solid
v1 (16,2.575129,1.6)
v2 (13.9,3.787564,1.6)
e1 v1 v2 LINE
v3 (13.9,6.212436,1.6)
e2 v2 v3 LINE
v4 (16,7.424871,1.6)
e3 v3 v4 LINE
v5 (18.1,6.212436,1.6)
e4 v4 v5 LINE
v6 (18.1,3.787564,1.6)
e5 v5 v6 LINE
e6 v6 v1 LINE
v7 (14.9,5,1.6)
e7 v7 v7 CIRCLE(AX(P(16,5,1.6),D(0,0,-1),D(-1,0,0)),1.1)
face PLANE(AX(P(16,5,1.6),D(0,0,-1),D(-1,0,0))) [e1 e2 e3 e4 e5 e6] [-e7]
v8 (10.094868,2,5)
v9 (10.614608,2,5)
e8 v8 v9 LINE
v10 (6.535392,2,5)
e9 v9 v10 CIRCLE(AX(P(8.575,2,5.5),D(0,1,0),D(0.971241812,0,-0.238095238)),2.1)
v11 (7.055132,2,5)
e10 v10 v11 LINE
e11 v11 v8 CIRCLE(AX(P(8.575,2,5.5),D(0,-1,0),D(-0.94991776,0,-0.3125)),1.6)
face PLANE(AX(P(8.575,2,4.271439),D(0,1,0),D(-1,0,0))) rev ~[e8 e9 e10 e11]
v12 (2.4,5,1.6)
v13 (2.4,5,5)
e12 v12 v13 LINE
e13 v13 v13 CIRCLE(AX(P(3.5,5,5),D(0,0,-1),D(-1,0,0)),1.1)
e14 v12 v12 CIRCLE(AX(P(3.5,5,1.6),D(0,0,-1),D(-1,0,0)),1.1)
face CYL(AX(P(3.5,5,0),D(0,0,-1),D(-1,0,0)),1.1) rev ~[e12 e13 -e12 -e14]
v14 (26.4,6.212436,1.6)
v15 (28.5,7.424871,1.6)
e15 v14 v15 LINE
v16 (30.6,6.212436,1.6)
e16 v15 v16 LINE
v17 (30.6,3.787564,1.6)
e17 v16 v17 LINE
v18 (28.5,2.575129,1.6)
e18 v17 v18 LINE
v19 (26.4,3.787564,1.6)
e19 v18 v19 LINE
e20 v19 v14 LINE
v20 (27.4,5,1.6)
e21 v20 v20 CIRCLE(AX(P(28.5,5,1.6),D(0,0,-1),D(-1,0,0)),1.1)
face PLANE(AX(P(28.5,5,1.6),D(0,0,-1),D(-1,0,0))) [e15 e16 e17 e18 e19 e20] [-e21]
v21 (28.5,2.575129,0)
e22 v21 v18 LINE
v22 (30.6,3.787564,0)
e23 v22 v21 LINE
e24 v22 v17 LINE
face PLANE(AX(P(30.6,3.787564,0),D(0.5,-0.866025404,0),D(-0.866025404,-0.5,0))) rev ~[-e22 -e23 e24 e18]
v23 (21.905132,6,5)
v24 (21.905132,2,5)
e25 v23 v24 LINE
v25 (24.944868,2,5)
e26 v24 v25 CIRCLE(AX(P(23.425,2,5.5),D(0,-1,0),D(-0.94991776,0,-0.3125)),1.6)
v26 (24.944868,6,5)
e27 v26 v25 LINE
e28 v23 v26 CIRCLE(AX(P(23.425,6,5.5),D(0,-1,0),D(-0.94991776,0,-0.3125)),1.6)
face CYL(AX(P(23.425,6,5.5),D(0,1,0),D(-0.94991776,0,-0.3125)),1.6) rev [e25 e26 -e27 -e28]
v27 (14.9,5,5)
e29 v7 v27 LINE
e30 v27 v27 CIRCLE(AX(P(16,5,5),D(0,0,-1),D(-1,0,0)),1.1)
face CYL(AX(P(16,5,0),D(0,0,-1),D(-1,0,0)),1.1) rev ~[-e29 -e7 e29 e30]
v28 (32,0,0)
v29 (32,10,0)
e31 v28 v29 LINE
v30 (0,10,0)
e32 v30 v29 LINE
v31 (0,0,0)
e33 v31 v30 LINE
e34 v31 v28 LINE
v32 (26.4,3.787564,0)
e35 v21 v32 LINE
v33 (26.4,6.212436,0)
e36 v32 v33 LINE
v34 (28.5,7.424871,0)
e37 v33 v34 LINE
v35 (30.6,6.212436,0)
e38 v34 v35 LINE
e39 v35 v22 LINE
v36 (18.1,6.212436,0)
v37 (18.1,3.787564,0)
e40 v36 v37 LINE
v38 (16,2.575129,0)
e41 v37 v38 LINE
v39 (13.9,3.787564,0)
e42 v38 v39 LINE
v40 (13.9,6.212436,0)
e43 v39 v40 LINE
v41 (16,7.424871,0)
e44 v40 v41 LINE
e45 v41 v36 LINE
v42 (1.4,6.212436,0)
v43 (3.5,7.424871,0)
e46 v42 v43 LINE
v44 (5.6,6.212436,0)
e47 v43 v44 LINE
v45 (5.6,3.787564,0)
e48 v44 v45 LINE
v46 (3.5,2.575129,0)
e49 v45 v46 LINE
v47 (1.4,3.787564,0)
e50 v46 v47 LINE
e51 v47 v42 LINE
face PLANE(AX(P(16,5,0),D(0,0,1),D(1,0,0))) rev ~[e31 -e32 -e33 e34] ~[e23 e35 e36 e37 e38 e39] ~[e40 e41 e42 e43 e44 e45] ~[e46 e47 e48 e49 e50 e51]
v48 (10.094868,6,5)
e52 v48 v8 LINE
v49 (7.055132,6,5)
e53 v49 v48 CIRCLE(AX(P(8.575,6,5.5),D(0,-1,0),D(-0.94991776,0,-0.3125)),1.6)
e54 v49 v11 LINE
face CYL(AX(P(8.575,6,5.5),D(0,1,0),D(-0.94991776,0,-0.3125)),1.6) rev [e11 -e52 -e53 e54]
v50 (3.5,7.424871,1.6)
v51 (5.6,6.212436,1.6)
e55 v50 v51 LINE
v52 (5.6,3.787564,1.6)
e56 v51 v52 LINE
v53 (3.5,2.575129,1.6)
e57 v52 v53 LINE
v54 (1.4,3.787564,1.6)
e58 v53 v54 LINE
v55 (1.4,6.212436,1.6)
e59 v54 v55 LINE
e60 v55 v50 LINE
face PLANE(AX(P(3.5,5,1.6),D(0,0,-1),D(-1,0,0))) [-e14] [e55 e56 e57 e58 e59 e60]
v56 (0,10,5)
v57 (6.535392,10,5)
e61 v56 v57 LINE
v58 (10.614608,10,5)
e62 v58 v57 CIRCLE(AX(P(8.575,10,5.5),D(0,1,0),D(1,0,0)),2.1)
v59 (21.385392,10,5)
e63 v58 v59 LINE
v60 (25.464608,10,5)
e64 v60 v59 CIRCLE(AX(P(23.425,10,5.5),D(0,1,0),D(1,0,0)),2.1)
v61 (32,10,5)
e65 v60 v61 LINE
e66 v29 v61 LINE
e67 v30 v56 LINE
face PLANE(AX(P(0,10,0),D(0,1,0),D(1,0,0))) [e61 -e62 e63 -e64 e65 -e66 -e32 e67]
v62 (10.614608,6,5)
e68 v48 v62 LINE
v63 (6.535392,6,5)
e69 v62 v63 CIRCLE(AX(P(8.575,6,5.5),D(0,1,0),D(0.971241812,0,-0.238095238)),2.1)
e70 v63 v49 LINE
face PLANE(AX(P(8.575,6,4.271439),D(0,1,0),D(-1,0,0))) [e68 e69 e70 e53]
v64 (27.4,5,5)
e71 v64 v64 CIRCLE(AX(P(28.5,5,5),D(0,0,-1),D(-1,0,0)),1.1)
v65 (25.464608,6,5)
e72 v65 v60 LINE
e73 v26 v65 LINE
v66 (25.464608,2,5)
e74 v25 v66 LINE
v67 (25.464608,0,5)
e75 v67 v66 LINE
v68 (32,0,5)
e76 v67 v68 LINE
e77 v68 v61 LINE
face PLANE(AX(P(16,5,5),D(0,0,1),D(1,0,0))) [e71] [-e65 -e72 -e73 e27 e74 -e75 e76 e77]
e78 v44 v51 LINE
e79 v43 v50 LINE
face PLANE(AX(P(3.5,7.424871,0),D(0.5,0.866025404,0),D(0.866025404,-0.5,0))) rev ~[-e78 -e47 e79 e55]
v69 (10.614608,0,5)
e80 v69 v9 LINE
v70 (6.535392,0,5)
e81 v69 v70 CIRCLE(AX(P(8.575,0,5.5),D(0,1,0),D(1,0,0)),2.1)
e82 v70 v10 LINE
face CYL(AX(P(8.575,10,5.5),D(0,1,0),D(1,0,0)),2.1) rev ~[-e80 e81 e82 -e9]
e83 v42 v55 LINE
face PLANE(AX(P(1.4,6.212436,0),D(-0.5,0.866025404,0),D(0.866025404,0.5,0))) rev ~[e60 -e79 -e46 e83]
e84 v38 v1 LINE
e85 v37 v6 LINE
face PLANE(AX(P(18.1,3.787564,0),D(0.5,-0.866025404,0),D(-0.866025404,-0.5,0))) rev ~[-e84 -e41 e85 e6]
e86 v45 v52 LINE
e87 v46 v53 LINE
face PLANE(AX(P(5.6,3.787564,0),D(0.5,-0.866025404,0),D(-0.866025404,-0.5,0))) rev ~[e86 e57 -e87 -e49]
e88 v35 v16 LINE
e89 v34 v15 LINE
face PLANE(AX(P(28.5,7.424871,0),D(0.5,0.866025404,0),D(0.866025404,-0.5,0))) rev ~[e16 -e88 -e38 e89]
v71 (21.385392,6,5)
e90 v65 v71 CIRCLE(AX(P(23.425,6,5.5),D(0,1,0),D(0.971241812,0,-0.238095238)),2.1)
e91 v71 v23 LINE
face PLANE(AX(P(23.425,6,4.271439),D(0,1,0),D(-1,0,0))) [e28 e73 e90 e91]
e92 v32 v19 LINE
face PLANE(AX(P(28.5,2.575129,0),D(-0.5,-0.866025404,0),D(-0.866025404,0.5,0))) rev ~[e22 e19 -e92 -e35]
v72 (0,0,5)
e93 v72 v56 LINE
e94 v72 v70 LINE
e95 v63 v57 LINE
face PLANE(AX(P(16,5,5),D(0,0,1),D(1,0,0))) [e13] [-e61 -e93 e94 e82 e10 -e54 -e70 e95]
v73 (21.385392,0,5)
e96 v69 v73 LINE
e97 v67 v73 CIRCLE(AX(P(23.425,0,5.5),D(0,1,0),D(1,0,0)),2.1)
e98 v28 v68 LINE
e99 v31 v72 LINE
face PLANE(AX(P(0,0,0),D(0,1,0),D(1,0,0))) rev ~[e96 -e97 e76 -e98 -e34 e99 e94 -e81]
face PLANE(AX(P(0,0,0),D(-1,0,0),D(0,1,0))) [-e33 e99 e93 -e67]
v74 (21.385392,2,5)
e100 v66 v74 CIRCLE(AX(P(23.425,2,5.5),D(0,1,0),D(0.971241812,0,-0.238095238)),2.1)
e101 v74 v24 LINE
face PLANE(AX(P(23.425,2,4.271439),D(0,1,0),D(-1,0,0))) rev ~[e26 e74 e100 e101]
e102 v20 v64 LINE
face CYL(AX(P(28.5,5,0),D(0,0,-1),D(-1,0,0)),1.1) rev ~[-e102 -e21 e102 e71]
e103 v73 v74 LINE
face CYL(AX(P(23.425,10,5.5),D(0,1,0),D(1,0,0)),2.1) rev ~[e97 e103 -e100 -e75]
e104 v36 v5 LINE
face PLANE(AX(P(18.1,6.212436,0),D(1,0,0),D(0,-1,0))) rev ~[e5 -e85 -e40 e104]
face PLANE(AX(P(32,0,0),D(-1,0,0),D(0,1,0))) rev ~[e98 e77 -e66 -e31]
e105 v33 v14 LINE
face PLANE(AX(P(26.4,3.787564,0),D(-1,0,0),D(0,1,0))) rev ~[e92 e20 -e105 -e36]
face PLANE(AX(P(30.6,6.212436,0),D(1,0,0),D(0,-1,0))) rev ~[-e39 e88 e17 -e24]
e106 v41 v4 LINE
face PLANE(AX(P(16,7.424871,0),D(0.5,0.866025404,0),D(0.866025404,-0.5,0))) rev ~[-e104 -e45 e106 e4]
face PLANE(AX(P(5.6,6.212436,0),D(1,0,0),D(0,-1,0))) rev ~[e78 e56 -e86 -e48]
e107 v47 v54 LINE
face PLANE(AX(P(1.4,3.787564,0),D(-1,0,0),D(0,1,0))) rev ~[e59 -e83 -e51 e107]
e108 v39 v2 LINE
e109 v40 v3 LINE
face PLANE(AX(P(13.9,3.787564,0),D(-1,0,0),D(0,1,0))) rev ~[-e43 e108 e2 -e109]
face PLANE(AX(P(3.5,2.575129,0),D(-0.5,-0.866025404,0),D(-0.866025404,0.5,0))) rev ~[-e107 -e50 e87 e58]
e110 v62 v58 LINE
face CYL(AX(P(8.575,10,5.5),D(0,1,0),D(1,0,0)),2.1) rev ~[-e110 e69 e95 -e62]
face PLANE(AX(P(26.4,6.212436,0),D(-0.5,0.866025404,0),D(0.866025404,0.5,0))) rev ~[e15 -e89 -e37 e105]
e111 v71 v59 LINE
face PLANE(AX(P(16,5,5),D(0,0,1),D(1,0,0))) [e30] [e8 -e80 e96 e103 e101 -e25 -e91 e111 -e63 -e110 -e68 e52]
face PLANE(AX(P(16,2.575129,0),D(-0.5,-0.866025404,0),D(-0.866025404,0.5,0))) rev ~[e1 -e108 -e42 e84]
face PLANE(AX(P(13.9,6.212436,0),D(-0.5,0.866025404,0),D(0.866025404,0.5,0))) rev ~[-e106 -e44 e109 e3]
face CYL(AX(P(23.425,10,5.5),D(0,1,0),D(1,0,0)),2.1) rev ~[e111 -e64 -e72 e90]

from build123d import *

# Parameters (mm, degrees)
SKETCH_1_W          = 32
SKETCH_1_H          = 10
EXTRUDE_1_DEPTH     = 5
SKETCH_2_R          = 2.1
CUT_EXTRUDE_1_DEPTH = 11
EXTRUDE_2_DEPTH     = 4
SKETCH_5_R          = 1.1
CUT_EXTRUDE_2_DEPTH = 6
CUT_EXTRUDE_3_DEPTH = 1.6


with BuildPart() as part:
    # Эскиз1 → Бобышка-Вытянуть1 (new body)
    with BuildSketch(Plane.XY):
        with Locations((16, 5)):
            Rectangle(SKETCH_1_W, SKETCH_1_H)
    extrude(amount=EXTRUDE_1_DEPTH)

    # Эскиз2 → Вырез-Вытянуть1 (cut, through all)
    with BuildSketch(Plane(origin=(0, 10, 0), x_dir=(1, 0, 0), z_dir=(0, 1, 0))):
        with Locations((8.575, -5.5)):
            Circle(SKETCH_2_R)
        with Locations((23.425, -5.5)):
            Circle(SKETCH_2_R)
    extrude(amount=-CUT_EXTRUDE_1_DEPTH, mode=Mode.SUBTRACT)

    # Эскиз4 → Бобышка-Вытянуть2 (add)
    with BuildSketch(Plane.XZ.offset(-6)):
        with BuildLine():
            Line((6.535392195, 5), (7.055131585, 5))
            ThreePointArc((7.055131585, 5), (8.575, 3.9), (10.094868415, 5))
            Line((10.094868415, 5), (10.614607805, 5))
            ThreePointArc((10.614607805, 5), (8.575, 3.4), (6.535392195, 5))
        make_face()
        with BuildLine():
            Line((21.385392195, 5), (21.905131585, 5))
            ThreePointArc((21.905131585, 5), (23.425, 3.9), (24.944868415, 5))
            Line((24.944868415, 5), (25.464607805, 5))
            ThreePointArc((25.464607805, 5), (23.425, 3.4), (21.385392195, 5))
        make_face()
    extrude(amount=EXTRUDE_2_DEPTH)

    # Эскиз5 → Вырез-Вытянуть2 (cut, through all)
    with BuildSketch(Plane(origin=(0, 0, 0), x_dir=(-1, 0, 0), z_dir=(0, 0, -1))):
        with Locations((-3.5, 5)):
            Circle(SKETCH_5_R)
        with Locations((-16, 5)):
            Circle(SKETCH_5_R)
        with Locations((-28.5, 5)):
            Circle(SKETCH_5_R)
    extrude(amount=-CUT_EXTRUDE_2_DEPTH, mode=Mode.SUBTRACT)

    # Эскиз6 → Вырез-Вытянуть3 (cut)
    with BuildSketch(Plane(origin=(0, 0, 0), x_dir=(-1, 0, 0), z_dir=(0, 0, -1))):
        Polygon((-16, 2.575128869), (-13.9, 3.787564435), (-13.9, 6.212435565), (-16, 7.424871131), (-18.1, 6.212435565), (-18.1, 3.787564435), align=None)
        Polygon((-3.5, 2.575128869), (-1.4, 3.787564435), (-1.4, 6.212435565), (-3.5, 7.424871131), (-5.6, 6.212435565), (-5.6, 3.787564435), align=None)
        Polygon((-28.5, 2.575128869), (-26.4, 3.787564435), (-26.4, 6.212435565), (-28.5, 7.424871131), (-30.6, 6.212435565), (-30.6, 3.787564435), align=None)
    extrude(amount=-CUT_EXTRUDE_3_DEPTH, mode=Mode.SUBTRACT)


solid = part.part
